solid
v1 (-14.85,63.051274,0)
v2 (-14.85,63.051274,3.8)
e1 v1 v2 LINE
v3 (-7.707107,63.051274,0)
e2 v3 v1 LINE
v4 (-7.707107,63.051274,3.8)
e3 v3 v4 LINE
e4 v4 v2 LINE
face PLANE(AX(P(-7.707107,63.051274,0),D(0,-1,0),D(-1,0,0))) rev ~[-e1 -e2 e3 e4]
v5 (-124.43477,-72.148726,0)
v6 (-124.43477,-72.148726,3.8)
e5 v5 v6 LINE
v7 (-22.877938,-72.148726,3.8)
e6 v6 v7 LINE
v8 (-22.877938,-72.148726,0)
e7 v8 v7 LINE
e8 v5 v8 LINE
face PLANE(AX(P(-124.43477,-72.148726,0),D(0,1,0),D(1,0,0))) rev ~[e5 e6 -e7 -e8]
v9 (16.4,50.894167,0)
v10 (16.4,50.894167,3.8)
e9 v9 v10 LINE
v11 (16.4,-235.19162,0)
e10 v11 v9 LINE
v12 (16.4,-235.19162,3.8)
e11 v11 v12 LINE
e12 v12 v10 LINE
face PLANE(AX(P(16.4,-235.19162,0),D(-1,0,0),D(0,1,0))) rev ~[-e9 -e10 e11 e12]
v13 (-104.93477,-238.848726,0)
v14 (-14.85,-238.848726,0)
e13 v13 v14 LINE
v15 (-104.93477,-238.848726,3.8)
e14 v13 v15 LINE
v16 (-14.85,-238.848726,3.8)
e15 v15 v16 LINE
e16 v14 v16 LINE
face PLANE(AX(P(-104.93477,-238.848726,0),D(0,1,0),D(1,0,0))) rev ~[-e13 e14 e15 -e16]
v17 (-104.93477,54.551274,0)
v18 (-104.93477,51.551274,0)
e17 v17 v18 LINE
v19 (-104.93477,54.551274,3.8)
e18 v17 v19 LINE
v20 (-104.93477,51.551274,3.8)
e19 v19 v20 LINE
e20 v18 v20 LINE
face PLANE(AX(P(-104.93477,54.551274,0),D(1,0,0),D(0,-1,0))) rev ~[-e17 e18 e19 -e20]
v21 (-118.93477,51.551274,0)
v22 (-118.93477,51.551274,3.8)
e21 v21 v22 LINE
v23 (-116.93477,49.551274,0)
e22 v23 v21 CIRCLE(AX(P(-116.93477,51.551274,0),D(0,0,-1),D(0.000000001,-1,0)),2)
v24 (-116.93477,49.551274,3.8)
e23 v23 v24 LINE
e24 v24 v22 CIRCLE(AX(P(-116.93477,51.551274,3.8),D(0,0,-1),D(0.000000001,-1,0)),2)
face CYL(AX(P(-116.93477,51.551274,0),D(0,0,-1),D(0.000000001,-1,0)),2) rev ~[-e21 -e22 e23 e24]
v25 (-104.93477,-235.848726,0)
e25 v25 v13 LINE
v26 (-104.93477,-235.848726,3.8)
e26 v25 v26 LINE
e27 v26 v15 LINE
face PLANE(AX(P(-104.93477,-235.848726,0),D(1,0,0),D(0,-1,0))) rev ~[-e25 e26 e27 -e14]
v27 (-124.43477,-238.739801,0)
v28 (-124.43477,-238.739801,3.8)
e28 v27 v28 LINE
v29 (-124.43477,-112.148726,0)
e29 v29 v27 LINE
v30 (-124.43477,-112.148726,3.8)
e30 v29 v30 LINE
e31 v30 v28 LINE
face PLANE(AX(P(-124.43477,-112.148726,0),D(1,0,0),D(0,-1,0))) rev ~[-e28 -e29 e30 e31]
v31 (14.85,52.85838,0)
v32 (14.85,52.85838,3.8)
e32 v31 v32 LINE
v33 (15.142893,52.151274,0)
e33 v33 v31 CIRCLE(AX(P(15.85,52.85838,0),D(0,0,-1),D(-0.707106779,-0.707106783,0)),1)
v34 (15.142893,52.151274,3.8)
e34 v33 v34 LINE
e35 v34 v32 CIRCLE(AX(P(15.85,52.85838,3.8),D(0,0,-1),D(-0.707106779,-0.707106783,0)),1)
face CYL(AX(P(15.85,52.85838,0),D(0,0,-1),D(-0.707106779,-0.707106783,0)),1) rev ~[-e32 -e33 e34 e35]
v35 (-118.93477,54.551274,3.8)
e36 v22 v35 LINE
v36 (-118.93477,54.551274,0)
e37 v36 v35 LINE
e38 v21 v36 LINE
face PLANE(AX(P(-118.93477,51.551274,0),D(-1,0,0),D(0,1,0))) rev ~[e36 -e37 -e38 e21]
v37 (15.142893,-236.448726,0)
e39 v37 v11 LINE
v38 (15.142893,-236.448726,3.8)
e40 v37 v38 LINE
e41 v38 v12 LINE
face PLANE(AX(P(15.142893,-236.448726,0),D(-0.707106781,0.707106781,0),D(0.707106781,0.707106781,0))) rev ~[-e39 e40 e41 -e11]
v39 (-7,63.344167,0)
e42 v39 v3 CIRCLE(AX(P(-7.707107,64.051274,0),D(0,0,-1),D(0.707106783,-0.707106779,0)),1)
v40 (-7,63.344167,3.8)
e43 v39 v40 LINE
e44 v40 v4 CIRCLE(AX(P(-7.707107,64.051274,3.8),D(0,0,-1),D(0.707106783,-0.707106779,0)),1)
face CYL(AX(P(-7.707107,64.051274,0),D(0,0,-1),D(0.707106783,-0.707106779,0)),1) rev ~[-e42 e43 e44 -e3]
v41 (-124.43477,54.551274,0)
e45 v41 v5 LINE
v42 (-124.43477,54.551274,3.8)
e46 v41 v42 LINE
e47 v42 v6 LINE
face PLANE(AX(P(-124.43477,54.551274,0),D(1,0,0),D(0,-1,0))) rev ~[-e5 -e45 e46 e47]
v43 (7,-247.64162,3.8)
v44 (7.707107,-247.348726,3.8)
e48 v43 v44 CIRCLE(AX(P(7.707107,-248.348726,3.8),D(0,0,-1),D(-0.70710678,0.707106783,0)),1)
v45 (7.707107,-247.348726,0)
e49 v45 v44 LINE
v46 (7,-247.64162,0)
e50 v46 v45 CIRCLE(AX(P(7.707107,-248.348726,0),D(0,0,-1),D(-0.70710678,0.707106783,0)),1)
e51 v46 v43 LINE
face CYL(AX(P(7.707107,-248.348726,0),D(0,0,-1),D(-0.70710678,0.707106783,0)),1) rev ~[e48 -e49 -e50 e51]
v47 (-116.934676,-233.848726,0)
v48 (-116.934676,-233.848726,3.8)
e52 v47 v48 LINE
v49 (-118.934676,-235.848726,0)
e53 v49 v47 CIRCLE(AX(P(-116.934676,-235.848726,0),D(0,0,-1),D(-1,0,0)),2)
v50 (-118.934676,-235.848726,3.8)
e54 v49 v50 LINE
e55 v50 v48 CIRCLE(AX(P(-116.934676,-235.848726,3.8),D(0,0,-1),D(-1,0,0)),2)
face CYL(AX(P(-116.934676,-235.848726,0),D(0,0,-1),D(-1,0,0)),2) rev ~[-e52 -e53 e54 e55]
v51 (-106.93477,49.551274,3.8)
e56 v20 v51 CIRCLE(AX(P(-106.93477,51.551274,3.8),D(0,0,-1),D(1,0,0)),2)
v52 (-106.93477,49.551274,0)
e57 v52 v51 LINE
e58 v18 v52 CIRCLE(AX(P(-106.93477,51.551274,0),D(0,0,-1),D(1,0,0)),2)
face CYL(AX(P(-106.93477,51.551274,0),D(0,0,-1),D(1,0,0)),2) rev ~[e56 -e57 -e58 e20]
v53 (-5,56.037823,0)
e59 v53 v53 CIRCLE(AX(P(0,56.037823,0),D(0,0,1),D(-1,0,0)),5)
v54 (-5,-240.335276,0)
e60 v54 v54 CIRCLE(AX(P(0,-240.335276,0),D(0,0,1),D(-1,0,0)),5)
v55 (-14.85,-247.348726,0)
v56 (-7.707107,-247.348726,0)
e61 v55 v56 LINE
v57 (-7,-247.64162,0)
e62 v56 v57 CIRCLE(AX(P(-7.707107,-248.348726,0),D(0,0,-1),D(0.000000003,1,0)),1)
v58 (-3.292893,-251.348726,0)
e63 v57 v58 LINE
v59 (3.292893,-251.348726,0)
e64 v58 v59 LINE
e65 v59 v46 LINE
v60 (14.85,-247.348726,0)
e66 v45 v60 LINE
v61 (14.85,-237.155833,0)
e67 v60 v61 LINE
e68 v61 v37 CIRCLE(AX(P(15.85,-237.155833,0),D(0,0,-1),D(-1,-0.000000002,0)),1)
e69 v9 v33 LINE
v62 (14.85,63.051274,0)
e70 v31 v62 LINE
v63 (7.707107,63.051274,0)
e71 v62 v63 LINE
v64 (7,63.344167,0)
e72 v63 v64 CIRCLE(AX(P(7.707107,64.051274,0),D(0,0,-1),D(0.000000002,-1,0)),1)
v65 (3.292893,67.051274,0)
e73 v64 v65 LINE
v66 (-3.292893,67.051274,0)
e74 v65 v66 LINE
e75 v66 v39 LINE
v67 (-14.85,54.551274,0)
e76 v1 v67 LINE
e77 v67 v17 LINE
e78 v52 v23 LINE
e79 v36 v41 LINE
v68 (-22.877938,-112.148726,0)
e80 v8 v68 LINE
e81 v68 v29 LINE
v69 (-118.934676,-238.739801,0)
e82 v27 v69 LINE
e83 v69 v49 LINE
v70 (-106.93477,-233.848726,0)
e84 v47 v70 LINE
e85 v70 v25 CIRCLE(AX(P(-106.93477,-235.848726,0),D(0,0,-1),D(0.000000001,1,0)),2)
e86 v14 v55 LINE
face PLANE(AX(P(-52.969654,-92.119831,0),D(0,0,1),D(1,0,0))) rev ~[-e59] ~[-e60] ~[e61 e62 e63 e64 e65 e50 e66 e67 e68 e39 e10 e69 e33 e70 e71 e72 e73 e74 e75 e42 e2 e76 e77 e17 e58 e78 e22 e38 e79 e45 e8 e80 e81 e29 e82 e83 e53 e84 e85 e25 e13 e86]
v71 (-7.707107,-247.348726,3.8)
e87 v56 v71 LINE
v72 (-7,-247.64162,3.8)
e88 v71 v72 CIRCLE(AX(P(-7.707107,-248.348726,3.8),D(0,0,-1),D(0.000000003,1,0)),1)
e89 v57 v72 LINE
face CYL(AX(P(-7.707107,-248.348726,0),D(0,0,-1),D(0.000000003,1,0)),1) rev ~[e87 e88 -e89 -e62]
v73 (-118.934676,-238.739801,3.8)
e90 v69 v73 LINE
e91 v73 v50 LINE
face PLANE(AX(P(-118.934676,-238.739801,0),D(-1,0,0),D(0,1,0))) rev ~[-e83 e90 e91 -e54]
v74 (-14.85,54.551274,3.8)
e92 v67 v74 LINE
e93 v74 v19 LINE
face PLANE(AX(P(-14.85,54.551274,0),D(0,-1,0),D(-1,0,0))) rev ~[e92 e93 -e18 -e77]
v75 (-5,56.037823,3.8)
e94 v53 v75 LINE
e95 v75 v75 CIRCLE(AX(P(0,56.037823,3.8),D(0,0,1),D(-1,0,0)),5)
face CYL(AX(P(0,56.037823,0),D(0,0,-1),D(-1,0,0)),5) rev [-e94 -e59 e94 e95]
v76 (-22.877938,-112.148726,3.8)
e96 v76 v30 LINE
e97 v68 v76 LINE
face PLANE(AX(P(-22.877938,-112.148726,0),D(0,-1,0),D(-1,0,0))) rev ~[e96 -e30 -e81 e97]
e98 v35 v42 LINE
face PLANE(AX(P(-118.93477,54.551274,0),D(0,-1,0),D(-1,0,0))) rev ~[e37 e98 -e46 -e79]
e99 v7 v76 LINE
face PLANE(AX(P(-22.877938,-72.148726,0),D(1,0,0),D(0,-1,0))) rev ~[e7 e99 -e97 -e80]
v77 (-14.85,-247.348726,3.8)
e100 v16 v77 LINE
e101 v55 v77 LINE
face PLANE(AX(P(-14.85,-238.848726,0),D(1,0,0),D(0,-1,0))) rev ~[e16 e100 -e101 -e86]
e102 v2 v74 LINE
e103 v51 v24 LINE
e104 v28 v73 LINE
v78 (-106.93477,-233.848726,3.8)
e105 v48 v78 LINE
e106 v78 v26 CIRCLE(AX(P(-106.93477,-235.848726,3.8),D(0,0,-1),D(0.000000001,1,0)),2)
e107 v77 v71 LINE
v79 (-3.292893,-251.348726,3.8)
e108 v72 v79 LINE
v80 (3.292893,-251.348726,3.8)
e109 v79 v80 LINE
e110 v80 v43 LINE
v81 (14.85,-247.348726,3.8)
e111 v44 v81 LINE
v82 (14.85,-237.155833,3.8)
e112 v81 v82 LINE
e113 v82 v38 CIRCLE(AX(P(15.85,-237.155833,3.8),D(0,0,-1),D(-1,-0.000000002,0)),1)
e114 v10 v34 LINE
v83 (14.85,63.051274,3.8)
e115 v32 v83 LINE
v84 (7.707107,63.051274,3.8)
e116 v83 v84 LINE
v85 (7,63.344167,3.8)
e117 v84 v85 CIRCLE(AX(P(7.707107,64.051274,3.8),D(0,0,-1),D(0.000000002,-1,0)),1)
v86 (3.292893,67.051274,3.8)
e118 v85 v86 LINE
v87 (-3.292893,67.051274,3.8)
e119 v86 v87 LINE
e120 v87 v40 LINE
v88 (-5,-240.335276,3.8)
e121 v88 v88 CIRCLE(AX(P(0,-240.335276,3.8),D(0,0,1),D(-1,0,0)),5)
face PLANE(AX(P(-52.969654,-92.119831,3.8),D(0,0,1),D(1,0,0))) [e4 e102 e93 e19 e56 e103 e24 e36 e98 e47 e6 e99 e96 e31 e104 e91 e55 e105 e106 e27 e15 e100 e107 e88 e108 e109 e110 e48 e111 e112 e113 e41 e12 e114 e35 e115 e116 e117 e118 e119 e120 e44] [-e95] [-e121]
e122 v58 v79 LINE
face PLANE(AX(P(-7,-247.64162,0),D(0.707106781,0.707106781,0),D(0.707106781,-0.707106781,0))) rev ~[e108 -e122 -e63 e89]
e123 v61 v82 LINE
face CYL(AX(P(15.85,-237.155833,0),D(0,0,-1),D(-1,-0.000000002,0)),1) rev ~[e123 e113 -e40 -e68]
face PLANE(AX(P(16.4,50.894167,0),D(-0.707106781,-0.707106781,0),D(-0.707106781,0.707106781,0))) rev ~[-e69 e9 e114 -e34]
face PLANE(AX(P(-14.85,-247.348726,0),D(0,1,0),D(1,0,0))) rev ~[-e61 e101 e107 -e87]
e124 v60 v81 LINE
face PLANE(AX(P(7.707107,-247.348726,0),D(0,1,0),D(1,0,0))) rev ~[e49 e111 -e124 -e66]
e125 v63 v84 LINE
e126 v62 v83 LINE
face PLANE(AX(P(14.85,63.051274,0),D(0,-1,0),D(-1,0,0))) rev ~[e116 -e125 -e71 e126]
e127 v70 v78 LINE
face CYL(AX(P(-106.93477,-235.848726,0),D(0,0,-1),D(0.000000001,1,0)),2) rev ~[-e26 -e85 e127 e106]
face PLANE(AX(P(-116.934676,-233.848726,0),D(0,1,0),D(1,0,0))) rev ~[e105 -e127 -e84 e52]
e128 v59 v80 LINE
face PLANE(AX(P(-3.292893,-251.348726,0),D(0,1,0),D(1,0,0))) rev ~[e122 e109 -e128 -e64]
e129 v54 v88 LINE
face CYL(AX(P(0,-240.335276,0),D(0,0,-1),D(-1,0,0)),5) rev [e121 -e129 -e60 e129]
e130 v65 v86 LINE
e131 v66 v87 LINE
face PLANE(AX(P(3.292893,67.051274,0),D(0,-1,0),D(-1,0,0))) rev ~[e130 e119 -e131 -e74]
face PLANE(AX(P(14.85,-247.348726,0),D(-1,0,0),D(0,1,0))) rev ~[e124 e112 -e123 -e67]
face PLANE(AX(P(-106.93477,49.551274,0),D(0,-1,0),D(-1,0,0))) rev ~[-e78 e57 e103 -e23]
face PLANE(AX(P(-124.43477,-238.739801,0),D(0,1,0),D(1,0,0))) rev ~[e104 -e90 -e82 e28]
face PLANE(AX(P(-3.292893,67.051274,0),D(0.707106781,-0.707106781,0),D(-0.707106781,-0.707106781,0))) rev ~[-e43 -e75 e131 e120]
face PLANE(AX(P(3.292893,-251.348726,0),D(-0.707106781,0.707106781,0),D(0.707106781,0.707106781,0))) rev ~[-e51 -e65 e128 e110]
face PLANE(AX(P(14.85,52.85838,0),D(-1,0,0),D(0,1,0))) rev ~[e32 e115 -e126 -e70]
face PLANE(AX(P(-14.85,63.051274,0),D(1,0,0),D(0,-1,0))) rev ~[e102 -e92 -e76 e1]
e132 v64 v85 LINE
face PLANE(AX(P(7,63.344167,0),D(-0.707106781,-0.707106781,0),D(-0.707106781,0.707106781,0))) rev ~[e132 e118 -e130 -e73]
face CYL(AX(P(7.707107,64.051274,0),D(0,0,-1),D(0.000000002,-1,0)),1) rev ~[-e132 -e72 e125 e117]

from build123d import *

# Parameters (mm, degrees)
SKETCH1_R           = 5
BOSS_EXTRUDE1_DEPTH = 3.8


with BuildPart() as part:
    # Sketch1 → Boss-Extrude1 (new body)
    with BuildSketch(Plane.XY):
        with BuildLine():
            Line((-124.434769571, -238.739800618), (-118.934676066, -238.739800618))
            Line((-118.934676066, -238.739800618), (-118.934676066, -235.848726439))
            ThreePointArc((-118.934676066, -235.848726439), (-118.348889629, -234.434512877), (-116.934676066, -233.848726439))
            Line((-116.934676066, -233.848726439), (-106.934769571, -233.848726439))
            ThreePointArc((-106.934769571, -233.848726439), (-105.520556009, -234.434512877), (-104.934769571, -235.848726439))
            Line((-104.934769571, -235.848726439), (-104.934769571, -238.848726439))
            Line((-104.934769571, -238.848726439), (-14.85, -238.848726439))
            Line((-14.85, -238.848726439), (-14.85, -247.348726439))
            Line((-14.85, -247.348726439), (-7.707106781, -247.348726439))
            ThreePointArc((-7.707106781, -247.348726439), (-7.324423349, -247.424846907), (-7, -247.641619658))
            Line((-7, -247.641619658), (-3.292893219, -251.348726439))
            Line((-3.292893219, -251.348726439), (3.292893219, -251.348726439))
            Line((3.292893219, -251.348726439), (7, -247.641619658))
            ThreePointArc((7, -247.641619658), (7.324423349, -247.424846907), (7.707106781, -247.348726439))
            Line((7.707106781, -247.348726439), (14.85, -247.348726439))
            Line((14.85, -247.348726439), (14.85, -237.15583322))
            ThreePointArc((14.85, -237.15583322), (14.926120467, -236.773149788), (15.142893219, -236.448726439))
            Line((15.142893219, -236.448726439), (16.4, -235.191619658))
            Line((16.4, -235.191619658), (16.4, 50.89416678))
            Line((16.4, 50.89416678), (15.142893219, 52.151273561))
            ThreePointArc((15.142893219, 52.151273561), (14.926120467, 52.47569691), (14.85, 52.858380342))
            Line((14.85, 52.858380342), (14.85, 63.051273561))
            Line((14.85, 63.051273561), (7.707106781, 63.051273561))
            ThreePointArc((7.707106781, 63.051273561), (7.324423349, 63.127394028), (7, 63.34416678))
            Line((7, 63.34416678), (3.292893219, 67.051273561))
            Line((3.292893219, 67.051273561), (-3.292893219, 67.051273561))
            Line((-3.292893219, 67.051273561), (-7, 63.34416678))
            ThreePointArc((-7, 63.34416678), (-7.324423349, 63.127394028), (-7.707106781, 63.051273561))
            Line((-7.707106781, 63.051273561), (-14.85, 63.051273561))
            Line((-14.85, 63.051273561), (-14.85, 54.551273561))
            Line((-14.85, 54.551273561), (-104.934769571, 54.551273561))
            Line((-104.934769571, 54.551273561), (-104.934769571, 51.551273561))
            ThreePointArc((-104.934769571, 51.551273561), (-105.520556009, 50.137059998), (-106.934769571, 49.551273561))
            Line((-106.934769571, 49.551273561), (-116.934769571, 49.551273561))
            ThreePointArc((-116.934769571, 49.551273561), (-118.348983134, 50.137059998), (-118.934769571, 51.551273561))
            Line((-118.934769571, 51.551273561), (-118.934769571, 54.551273561))
            Line((-118.934769571, 54.551273561), (-124.434769571, 54.551273561))
            Line((-124.434769571, 54.551273561), (-124.434769571, -72.148726439))
            Line((-124.434769571, -72.148726439), (-22.877938229, -72.148726439))
            Line((-22.877938229, -72.148726439), (-22.877938229, -112.148726439))
            Line((-22.877938229, -112.148726439), (-124.434769571, -112.148726439))
            Line((-124.434769571, -112.148726439), (-124.434769571, -238.739800618))
        make_face()
        with Locations(Location((0, -240.335275852, 0), (0, 0, 180))):
            Circle(SKETCH1_R, mode=Mode.SUBTRACT)
        with Locations(Location((0, 56.037822974, 0), (0, 0, 180))):
            Circle(SKETCH1_R, mode=Mode.SUBTRACT)
    extrude(amount=BOSS_EXTRUDE1_DEPTH)


solid = part.part
